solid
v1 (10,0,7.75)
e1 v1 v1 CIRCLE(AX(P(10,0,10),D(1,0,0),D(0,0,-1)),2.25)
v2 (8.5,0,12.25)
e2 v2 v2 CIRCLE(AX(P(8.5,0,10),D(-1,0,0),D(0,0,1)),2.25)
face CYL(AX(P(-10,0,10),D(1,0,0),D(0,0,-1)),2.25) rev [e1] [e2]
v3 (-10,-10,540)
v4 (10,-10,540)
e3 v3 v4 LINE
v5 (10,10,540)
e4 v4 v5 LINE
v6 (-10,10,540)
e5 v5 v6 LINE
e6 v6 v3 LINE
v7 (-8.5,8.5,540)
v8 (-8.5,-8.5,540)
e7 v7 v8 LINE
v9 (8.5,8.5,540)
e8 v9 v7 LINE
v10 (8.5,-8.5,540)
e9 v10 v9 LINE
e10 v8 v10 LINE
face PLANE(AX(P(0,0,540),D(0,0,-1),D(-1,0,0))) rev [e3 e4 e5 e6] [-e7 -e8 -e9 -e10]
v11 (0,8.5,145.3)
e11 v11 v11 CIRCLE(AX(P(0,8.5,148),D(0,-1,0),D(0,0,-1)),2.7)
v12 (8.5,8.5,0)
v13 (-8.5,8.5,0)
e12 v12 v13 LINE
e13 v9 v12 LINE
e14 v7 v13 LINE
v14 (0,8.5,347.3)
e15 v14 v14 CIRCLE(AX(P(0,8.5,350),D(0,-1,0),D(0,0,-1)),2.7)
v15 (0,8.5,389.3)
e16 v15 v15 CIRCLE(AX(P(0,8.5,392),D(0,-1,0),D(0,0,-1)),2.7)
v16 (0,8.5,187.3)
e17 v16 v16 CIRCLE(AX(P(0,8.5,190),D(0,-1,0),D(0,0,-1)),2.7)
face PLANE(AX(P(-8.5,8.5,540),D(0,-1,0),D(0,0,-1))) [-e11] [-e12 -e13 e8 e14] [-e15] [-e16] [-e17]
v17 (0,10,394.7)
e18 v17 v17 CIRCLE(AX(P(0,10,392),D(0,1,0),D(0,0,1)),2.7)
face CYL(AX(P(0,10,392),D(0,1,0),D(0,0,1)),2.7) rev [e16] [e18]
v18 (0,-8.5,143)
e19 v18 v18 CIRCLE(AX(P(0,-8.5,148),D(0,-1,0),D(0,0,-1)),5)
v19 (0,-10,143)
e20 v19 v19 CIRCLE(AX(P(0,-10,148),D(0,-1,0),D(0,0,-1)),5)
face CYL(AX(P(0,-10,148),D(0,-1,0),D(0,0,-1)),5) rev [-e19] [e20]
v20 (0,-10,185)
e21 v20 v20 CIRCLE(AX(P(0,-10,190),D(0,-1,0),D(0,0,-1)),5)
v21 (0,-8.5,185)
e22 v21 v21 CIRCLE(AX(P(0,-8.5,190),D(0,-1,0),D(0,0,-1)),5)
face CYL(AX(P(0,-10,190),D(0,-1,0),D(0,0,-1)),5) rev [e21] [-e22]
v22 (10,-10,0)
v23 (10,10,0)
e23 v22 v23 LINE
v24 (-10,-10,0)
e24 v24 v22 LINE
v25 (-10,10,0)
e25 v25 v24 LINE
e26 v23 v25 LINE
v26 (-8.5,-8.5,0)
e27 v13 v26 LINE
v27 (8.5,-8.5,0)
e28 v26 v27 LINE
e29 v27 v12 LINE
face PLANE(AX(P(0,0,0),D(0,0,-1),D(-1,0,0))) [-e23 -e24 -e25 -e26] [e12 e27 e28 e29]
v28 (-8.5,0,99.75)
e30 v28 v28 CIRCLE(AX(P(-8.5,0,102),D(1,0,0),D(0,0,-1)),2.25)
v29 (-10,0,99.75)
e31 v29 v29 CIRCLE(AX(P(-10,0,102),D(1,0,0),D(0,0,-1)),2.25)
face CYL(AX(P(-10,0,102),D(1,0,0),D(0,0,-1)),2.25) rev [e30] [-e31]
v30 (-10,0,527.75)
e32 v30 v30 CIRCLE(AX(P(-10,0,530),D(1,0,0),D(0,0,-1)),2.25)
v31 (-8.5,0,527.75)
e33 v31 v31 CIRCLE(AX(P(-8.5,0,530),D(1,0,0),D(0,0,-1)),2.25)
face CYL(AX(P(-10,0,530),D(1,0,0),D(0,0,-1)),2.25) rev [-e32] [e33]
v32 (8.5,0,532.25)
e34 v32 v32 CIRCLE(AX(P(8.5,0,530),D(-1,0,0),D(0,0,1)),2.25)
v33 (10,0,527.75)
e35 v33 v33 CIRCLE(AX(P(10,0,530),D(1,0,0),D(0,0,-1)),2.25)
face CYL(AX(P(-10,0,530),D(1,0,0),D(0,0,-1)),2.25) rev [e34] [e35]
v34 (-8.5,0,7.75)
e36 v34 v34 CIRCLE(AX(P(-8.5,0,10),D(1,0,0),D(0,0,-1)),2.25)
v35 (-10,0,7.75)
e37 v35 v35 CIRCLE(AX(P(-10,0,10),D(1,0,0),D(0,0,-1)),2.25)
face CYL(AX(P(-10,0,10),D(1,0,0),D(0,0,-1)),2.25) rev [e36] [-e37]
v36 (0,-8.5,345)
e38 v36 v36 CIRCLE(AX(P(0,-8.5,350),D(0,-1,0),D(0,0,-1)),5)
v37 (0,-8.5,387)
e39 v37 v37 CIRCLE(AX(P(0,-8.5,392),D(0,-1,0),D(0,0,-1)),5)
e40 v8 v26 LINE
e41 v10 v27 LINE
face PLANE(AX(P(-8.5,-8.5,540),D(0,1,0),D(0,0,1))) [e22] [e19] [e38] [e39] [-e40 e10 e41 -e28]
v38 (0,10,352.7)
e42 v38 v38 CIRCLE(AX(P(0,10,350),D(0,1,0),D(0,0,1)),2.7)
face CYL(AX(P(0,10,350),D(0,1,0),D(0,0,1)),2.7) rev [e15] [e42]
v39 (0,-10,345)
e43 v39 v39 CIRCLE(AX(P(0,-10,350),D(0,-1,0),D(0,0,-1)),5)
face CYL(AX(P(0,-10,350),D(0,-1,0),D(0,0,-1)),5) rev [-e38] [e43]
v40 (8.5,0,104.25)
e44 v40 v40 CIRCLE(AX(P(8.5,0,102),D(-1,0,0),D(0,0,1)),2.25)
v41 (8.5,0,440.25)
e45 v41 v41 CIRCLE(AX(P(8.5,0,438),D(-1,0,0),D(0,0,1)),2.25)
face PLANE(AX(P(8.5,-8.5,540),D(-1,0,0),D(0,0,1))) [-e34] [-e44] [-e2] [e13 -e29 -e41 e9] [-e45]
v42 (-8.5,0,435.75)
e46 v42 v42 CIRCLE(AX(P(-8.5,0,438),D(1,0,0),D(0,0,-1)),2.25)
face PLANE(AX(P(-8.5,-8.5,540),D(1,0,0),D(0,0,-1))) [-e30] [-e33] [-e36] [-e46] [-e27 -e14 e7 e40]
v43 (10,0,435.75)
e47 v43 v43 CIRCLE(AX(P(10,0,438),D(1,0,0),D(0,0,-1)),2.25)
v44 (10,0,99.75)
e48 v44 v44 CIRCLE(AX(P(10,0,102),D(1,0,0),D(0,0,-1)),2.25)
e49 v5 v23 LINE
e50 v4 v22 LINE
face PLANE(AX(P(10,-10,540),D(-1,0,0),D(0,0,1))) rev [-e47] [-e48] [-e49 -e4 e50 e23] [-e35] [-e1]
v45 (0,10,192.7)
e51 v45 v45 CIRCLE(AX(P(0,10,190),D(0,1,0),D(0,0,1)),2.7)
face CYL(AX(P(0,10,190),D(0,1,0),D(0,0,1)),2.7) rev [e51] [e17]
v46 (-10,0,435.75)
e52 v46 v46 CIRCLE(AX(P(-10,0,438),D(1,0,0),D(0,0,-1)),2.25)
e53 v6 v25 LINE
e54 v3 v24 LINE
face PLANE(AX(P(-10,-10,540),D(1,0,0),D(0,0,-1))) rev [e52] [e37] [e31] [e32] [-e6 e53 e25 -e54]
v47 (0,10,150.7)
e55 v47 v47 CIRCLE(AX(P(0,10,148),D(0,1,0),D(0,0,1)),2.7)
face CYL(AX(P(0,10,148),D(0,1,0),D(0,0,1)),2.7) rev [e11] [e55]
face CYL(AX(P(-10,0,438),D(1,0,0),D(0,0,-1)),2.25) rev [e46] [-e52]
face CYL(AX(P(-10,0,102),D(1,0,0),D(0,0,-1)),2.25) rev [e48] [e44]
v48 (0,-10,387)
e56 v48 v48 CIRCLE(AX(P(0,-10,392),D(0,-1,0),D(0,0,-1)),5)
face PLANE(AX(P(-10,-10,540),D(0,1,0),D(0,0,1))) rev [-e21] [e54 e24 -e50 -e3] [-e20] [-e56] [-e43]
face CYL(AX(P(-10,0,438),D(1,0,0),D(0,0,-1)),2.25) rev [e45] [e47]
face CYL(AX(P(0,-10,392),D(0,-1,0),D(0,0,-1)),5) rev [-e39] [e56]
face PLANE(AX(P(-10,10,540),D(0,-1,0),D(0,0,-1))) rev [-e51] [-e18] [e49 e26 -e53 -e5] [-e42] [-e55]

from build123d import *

# Parameters (mm, degrees)
SKETCH_1_W                  = 20
SKETCH_1_H                  = 20
SKETCH_1_W_2                = 17
SKETCH_1_H_2                = 17
EXTRUDE_1_DEPTH             = 540
SKETCH_3_R                  = 2.25
CUT_EXTRUDE_2_DEPTH         = 20
HOLE_WIZARD_5_4_5_4_1_D     = 5.4
HOLE_WIZARD_10_0_10_1_D     = 10
HOLE_WIZARD_10_0_10_1_DEPTH = 1.5


with BuildPart() as part:
    # ｽｹｯﾁ1 → ﾎﾞｽ - 押し出し1 (new body)
    with BuildSketch(Plane.XY):
        Rectangle(SKETCH_1_W, SKETCH_1_H)
        Rectangle(SKETCH_1_W_2, SKETCH_1_H_2, mode=Mode.SUBTRACT)
    extrude(amount=EXTRUDE_1_DEPTH)

    # ｽｹｯﾁ3 → ｶｯﾄ - 押し出し2 (cut)
    with BuildSketch(Plane(origin=(10, 0, 0), x_dir=(0, 0, -1), z_dir=(1, 0, 0))):
        with Locations((-530, 0)):
            Circle(SKETCH_3_R)
        with Locations((-438, 0)):
            Circle(SKETCH_3_R)
        with Locations((-102, 0)):
            Circle(SKETCH_3_R)
        with Locations((-10, 0)):
            Circle(SKETCH_3_R)
    extrude(amount=-CUT_EXTRUDE_2_DEPTH, mode=Mode.SUBTRACT)

    # Ø5.4 (5.4) 直径の穴1 (through all)
    with Locations(Plane(origin=(0, 10, 0), x_dir=(1, 0, 0), z_dir=(0, 1, 0))):
        with Locations((0, -148), (0, -190), (0, -350), (0, -392)):
            Hole(HOLE_WIZARD_5_4_5_4_1_D / 2)

    # Ø10.0 (10) 直径の穴1
    with Locations(Plane(origin=(0, -10, 0), x_dir=(-1, 0, 0), z_dir=(0, -1, 0))):
        with Locations((0, -148), (0, -190), (0, -350), (0, -392)):
            Hole(HOLE_WIZARD_10_0_10_1_D / 2, depth=HOLE_WIZARD_10_0_10_1_DEPTH)


solid = part.part
